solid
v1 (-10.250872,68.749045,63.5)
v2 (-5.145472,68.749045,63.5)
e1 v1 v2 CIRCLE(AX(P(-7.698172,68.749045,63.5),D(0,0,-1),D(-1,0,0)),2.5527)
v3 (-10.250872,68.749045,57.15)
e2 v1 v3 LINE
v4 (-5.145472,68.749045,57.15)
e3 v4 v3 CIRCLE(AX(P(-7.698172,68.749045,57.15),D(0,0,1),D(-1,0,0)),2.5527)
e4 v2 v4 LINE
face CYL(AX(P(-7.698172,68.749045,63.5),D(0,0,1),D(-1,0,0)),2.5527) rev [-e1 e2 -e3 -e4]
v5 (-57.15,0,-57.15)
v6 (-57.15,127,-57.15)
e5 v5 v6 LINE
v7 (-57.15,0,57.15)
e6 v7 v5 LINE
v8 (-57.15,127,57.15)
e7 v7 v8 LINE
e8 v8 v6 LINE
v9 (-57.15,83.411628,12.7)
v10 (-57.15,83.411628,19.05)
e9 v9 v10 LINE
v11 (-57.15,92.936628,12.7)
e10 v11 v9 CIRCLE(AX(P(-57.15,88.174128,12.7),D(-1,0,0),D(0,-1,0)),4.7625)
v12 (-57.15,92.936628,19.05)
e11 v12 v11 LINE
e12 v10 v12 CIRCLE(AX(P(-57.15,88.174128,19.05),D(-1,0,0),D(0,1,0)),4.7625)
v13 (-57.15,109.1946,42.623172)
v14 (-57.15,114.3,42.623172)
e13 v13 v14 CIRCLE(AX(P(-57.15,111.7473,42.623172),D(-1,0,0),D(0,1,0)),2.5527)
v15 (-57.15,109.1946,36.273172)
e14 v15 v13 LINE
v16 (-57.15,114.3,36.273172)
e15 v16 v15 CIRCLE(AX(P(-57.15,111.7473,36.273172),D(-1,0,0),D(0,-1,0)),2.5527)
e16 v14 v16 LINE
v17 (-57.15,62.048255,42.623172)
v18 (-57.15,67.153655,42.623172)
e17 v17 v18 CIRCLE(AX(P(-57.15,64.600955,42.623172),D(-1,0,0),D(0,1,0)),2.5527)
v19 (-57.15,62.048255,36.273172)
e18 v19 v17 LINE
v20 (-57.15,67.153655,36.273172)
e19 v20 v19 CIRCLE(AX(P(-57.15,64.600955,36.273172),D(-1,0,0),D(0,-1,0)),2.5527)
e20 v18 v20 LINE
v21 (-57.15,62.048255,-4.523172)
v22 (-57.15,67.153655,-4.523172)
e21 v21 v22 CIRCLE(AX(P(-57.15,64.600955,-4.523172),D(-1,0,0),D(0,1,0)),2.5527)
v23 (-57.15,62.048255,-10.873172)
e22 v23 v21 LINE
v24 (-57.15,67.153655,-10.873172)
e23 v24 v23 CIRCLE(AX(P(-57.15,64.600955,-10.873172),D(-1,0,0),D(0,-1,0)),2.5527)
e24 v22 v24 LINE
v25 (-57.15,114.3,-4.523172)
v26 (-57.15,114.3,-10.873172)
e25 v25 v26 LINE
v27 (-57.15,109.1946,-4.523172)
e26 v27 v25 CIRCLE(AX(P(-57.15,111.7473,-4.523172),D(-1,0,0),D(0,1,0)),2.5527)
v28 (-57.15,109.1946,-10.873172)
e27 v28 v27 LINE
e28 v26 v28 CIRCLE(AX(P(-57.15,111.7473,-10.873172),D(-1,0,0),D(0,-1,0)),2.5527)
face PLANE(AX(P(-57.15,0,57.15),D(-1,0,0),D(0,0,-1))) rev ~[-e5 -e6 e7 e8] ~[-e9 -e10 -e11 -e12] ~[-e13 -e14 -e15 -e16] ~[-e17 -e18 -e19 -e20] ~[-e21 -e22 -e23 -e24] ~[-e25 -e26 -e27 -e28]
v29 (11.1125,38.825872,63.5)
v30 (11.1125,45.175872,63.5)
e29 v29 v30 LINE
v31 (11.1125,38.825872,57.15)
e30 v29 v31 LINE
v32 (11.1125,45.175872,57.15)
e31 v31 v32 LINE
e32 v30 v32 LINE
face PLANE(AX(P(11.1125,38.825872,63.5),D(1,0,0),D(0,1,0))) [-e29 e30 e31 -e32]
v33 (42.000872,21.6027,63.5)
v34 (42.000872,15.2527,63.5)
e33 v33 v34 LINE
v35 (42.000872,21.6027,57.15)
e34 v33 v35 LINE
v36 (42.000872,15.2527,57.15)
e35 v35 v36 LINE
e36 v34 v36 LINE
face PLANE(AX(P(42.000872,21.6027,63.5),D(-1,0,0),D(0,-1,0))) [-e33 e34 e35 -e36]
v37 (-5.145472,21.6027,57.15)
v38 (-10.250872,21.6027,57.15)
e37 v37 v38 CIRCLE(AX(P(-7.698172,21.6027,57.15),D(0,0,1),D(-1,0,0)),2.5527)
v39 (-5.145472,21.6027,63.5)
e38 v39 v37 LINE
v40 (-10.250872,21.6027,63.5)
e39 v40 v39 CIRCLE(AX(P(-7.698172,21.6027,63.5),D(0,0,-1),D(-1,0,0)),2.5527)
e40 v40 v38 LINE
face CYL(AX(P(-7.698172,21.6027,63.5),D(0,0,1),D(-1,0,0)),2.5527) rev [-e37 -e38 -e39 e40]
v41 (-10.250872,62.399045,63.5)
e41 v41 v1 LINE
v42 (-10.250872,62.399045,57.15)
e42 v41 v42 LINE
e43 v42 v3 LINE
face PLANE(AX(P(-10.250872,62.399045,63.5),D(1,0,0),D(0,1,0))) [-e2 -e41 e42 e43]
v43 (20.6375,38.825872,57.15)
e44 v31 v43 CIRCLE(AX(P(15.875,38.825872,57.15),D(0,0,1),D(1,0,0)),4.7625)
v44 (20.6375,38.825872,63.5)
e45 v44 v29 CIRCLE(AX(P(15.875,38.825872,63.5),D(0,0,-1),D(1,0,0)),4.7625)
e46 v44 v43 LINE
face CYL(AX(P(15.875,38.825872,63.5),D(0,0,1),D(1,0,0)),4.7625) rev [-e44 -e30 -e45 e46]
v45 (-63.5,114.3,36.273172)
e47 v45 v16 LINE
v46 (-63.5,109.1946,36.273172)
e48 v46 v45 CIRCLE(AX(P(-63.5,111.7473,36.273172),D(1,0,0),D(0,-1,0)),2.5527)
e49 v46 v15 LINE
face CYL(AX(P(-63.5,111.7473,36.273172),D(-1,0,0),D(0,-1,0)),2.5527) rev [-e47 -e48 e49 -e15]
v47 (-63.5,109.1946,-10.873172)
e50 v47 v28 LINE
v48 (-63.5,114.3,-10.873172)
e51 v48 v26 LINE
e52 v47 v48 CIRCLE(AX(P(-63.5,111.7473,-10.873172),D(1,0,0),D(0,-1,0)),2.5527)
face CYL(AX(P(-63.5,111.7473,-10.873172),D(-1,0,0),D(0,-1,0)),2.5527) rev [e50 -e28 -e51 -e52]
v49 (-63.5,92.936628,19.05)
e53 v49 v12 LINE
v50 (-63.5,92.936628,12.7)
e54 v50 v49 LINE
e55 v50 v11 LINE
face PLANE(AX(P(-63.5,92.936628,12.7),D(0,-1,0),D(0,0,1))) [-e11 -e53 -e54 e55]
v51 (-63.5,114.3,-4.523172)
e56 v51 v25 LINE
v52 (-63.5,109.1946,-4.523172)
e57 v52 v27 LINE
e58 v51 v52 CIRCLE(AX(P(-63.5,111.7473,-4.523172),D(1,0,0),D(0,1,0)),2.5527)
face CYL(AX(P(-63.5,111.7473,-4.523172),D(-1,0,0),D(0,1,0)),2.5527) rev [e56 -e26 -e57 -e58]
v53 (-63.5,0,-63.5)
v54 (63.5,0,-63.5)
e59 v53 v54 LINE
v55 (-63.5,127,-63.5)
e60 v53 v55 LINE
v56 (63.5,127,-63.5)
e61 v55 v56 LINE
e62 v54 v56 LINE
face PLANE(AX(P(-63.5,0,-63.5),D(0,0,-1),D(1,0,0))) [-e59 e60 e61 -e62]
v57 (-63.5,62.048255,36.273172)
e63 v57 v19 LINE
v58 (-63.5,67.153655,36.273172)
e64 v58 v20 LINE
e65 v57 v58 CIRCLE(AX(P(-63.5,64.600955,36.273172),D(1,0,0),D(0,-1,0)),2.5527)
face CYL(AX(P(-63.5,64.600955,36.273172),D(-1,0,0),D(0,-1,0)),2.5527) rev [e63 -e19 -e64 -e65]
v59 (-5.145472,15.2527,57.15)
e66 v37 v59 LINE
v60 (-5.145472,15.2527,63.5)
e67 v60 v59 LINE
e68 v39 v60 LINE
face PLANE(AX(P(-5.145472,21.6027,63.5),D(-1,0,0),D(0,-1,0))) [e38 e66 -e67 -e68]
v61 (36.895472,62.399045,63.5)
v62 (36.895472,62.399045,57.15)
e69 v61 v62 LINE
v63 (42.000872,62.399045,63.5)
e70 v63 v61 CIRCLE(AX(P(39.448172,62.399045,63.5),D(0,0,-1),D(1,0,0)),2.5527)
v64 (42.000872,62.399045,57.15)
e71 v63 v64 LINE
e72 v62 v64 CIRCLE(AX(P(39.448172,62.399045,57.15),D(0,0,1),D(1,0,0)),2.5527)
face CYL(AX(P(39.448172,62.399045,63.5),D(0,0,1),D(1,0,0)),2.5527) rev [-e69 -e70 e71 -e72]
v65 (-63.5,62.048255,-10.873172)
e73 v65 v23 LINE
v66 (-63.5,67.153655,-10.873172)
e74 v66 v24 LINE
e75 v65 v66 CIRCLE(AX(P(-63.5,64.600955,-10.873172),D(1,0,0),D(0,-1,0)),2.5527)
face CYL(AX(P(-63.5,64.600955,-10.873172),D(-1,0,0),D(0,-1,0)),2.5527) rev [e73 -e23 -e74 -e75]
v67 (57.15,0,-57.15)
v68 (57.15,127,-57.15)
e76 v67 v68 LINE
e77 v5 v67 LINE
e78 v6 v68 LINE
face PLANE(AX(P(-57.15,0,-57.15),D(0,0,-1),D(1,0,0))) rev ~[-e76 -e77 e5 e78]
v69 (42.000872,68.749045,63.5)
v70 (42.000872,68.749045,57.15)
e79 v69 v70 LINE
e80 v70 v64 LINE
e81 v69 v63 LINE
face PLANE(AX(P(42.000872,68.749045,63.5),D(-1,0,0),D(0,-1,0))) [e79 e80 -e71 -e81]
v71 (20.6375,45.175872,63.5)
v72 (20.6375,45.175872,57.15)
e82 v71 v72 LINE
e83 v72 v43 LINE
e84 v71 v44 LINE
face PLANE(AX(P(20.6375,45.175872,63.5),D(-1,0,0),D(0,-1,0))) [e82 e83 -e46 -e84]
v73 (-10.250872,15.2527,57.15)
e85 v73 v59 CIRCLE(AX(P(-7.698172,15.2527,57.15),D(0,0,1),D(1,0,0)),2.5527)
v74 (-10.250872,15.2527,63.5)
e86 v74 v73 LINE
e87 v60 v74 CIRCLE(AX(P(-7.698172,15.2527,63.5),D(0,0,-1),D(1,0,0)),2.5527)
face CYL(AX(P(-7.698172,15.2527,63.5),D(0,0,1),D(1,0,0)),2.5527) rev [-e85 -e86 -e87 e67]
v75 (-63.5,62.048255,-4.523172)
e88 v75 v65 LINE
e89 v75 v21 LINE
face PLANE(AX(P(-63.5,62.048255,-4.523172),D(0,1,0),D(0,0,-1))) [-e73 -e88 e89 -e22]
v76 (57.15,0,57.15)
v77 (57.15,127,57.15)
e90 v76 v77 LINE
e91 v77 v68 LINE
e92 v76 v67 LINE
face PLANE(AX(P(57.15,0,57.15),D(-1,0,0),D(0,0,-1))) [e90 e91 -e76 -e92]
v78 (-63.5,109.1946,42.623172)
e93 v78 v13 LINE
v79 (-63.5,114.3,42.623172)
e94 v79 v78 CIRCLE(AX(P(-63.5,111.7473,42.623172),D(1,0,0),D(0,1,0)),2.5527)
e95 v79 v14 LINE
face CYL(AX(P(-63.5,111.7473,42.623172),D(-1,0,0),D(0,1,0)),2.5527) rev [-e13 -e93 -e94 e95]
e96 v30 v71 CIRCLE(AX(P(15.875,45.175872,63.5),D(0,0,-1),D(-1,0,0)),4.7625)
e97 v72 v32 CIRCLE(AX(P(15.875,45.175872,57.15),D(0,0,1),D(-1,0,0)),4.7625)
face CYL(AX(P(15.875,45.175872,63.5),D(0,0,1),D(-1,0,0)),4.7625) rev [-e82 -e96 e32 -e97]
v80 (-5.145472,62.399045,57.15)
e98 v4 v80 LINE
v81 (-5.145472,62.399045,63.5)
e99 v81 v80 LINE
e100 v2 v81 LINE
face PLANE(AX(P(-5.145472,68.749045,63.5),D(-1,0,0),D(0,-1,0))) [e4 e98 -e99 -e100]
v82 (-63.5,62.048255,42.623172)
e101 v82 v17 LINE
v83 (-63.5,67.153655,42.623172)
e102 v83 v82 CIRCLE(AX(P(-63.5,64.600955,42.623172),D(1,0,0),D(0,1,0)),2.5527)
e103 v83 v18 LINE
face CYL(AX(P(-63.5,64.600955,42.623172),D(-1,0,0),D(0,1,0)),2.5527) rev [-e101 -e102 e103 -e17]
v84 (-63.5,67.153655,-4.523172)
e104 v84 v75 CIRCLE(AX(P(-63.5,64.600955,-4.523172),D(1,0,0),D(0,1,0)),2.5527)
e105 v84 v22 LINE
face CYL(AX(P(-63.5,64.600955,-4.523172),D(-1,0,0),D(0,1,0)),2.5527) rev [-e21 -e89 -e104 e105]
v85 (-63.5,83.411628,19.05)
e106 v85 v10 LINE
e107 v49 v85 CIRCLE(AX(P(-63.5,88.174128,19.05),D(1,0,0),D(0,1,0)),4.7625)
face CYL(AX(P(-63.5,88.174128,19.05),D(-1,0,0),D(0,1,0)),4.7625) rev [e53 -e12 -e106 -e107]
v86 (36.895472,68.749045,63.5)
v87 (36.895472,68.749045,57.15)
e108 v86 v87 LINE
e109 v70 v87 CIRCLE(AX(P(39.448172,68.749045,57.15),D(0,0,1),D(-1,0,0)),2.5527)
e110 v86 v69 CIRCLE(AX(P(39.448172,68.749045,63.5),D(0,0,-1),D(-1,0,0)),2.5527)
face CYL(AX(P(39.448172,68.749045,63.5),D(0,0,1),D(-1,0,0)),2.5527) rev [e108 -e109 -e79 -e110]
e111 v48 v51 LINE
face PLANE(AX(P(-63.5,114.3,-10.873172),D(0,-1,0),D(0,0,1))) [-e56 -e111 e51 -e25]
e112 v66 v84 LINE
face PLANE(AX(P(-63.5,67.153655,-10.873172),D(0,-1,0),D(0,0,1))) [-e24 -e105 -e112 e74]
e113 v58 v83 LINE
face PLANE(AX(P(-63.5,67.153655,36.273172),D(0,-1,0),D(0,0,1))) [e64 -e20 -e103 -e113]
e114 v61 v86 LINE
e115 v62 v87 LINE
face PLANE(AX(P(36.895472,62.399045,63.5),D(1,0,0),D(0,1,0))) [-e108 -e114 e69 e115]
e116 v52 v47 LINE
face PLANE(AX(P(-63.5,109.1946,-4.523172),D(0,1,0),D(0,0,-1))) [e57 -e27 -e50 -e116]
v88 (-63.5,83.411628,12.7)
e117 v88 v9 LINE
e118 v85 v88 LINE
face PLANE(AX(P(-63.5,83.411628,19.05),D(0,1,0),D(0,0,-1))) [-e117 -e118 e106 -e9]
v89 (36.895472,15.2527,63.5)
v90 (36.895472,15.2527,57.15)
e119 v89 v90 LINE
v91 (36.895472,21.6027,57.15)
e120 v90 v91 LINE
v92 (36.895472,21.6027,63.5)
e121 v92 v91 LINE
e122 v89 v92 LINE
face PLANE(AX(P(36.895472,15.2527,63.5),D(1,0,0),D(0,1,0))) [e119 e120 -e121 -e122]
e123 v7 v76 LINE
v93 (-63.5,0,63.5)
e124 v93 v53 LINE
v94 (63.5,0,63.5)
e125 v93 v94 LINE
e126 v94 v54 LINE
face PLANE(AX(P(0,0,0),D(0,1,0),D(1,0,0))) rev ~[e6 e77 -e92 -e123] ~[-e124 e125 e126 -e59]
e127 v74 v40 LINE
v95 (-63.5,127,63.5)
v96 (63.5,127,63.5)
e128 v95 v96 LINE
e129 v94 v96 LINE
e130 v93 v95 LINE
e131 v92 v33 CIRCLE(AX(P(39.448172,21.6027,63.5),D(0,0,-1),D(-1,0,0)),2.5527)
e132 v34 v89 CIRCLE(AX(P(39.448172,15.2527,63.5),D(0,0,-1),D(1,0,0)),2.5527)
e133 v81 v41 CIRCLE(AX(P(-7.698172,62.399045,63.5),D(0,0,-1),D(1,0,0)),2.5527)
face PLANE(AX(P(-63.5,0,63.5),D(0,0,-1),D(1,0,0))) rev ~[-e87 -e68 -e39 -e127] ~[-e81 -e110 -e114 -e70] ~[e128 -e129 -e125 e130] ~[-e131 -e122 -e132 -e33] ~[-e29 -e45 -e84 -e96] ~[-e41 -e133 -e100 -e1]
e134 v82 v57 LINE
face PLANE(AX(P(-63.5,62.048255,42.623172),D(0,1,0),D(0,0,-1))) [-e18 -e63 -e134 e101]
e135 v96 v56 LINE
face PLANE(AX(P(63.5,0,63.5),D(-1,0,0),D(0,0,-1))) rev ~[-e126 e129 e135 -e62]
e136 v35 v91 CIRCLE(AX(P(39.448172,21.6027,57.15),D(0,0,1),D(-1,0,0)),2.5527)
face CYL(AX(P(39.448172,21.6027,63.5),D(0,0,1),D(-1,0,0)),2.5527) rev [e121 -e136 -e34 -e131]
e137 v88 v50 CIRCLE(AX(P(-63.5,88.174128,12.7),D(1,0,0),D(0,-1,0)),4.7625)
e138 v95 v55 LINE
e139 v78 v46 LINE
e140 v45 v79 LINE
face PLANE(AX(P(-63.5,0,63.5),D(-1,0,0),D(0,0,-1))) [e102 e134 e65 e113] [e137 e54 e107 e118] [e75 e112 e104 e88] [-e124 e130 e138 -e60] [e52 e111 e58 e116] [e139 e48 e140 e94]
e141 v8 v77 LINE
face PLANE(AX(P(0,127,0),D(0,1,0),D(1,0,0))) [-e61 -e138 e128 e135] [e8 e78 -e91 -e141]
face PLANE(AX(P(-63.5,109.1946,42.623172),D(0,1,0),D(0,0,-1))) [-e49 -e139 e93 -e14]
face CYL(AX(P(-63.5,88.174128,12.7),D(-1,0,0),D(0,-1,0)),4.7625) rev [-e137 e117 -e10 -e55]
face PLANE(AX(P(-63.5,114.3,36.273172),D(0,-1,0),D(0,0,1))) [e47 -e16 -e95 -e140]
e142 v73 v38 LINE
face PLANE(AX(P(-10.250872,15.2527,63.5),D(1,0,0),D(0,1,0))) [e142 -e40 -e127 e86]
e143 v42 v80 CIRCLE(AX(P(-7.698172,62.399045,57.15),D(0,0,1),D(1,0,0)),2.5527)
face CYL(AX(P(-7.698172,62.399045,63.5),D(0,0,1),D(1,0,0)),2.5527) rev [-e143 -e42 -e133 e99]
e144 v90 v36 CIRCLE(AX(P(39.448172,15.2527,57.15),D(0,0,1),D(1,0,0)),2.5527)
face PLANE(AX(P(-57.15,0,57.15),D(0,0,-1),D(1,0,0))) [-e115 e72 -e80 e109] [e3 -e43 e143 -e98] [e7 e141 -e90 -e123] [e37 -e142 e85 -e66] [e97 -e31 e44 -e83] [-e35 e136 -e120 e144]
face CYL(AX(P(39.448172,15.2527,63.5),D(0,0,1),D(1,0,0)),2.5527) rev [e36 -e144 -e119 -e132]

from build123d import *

# Parameters (mm, degrees)
SKETCH2_W           = 127
SKETCH2_H           = 127
SKETCH2_W_2         = 114.3
SKETCH2_H_2         = 114.3
BOSS_EXTRUDE2_DEPTH = 127
CUT_EXTRUDE1_REACH  = 129
CUT_EXTRUDE2_REACH  = 129


with BuildPart() as part:
    # Sketch2 → Boss-Extrude2 (new body)
    with BuildSketch(Plane(origin=(0, 0, 0), x_dir=(1, 0, 0), z_dir=(0, 1, 0))):
        Rectangle(SKETCH2_W, SKETCH2_H)
        Rectangle(SKETCH2_W_2, SKETCH2_H_2, mode=Mode.SUBTRACT)
    extrude(amount=BOSS_EXTRUDE2_DEPTH)

    # Sketch6 → Cut-Extrude1 (cut, up to next)
    with BuildSketch(Plane.ZY.offset(63.5), mode=Mode.PRIVATE) as cut_extrude1_sk1:
        with BuildLine():
            Line((-4.523172318, 109.1946), (-10.873172318, 109.1946))
            ThreePointArc((-10.873172318, 109.1946), (-13.425872318, 111.7473), (-10.873172318, 114.3))
            Line((-10.873172318, 114.3), (-4.523172318, 114.3))
            ThreePointArc((-4.523172318, 114.3), (-1.970472318, 111.7473), (-4.523172318, 109.1946))
        make_face()
    cut_extrude1_tool1 = extrude(cut_extrude1_sk1.sketch, amount=-CUT_EXTRUDE1_REACH, mode=Mode.PRIVATE) & part.part
    add(cut_extrude1_tool1.solids().sort_by_distance((-63.5, 111.7473, -7.698172))[0], mode=Mode.SUBTRACT)
    # Sketch6 → Cut-Extrude1 (cut, up to next)
    with BuildSketch(Plane.ZY.offset(63.5), mode=Mode.PRIVATE) as cut_extrude1_sk2:
        with BuildLine():
            Line((36.273172318, 114.3), (42.623172318, 114.3))
            ThreePointArc((42.623172318, 114.3), (45.175872318, 111.7473), (42.623172318, 109.1946))
            Line((42.623172318, 109.1946), (36.273172318, 109.1946))
            ThreePointArc((36.273172318, 109.1946), (33.720472318, 111.7473), (36.273172318, 114.3))
        make_face()
    cut_extrude1_tool2 = extrude(cut_extrude1_sk2.sketch, amount=-CUT_EXTRUDE1_REACH, mode=Mode.PRIVATE) & part.part
    add(cut_extrude1_tool2.solids().sort_by_distance((-63.5, 111.7473, 39.448172))[0], mode=Mode.SUBTRACT)
    # Sketch6 → Cut-Extrude1 (cut, up to next)
    with BuildSketch(Plane.ZY.offset(63.5), mode=Mode.PRIVATE) as cut_extrude1_sk3:
        with BuildLine():
            Line((36.273172318, 67.153655364), (42.623172318, 67.153655364))
            ThreePointArc((42.623172318, 67.153655364), (45.175872318, 64.600955364), (42.623172318, 62.048255364))
            Line((42.623172318, 62.048255364), (36.273172318, 62.048255364))
            ThreePointArc((36.273172318, 62.048255364), (33.720472318, 64.600955364), (36.273172318, 67.153655364))
        make_face()
    cut_extrude1_tool3 = extrude(cut_extrude1_sk3.sketch, amount=-CUT_EXTRUDE1_REACH, mode=Mode.PRIVATE) & part.part
    add(cut_extrude1_tool3.solids().sort_by_distance((-63.5, 64.600955, 39.448172))[0], mode=Mode.SUBTRACT)
    # Sketch6 → Cut-Extrude1 (cut, up to next)
    with BuildSketch(Plane.ZY.offset(63.5), mode=Mode.PRIVATE) as cut_extrude1_sk4:
        with BuildLine():
            Line((-4.523172318, 62.048255364), (-10.873172318, 62.048255364))
            ThreePointArc((-10.873172318, 62.048255364), (-13.425872318, 64.600955364), (-10.873172318, 67.153655364))
            Line((-10.873172318, 67.153655364), (-4.523172318, 67.153655364))
            ThreePointArc((-4.523172318, 67.153655364), (-1.970472318, 64.600955364), (-4.523172318, 62.048255364))
        make_face()
    cut_extrude1_tool4 = extrude(cut_extrude1_sk4.sketch, amount=-CUT_EXTRUDE1_REACH, mode=Mode.PRIVATE) & part.part
    add(cut_extrude1_tool4.solids().sort_by_distance((-63.5, 64.600955, -7.698172))[0], mode=Mode.SUBTRACT)
    # Sketch6 → Cut-Extrude1 (cut, up to next)
    with BuildSketch(Plane.ZY.offset(63.5), mode=Mode.PRIVATE) as cut_extrude1_sk5:
        with BuildLine():
            Line((19.05, 83.411627682), (12.7, 83.411627682))
            ThreePointArc((12.7, 83.411627682), (7.9375, 88.174127682), (12.7, 92.936627682))
            Line((12.7, 92.936627682), (19.05, 92.936627682))
            ThreePointArc((19.05, 92.936627682), (23.8125, 88.174127682), (19.05, 83.411627682))
        make_face()
    cut_extrude1_tool5 = extrude(cut_extrude1_sk5.sketch, amount=-CUT_EXTRUDE1_REACH, mode=Mode.PRIVATE) & part.part
    add(cut_extrude1_tool5.solids().sort_by_distance((-63.5, 88.174128, 15.875))[0], mode=Mode.SUBTRACT)

    # Sketch8 → Cut-Extrude2 (cut, up to next)
    with BuildSketch(Plane.XY.offset(63.5), mode=Mode.PRIVATE) as cut_extrude2_sk1:
        with BuildLine():
            Line((-10.250872318, 62.399044636), (-10.250872318, 68.749044636))
            ThreePointArc((-10.250872318, 68.749044636), (-7.698172318, 71.301744636), (-5.145472318, 68.749044636))
            Line((-5.145472318, 68.749044636), (-5.145472318, 62.399044636))
            ThreePointArc((-5.145472318, 62.399044636), (-7.698172318, 59.846344636), (-10.250872318, 62.399044636))
        make_face()
    cut_extrude2_tool1 = extrude(cut_extrude2_sk1.sketch, amount=-CUT_EXTRUDE2_REACH, mode=Mode.PRIVATE) & part.part
    add(cut_extrude2_tool1.solids().sort_by_distance((-7.698172, 65.574045, 63.5))[0], mode=Mode.SUBTRACT)
    # Sketch8 → Cut-Extrude2 (cut, up to next)
    with BuildSketch(Plane.XY.offset(63.5), mode=Mode.PRIVATE) as cut_extrude2_sk2:
        with BuildLine():
            Line((36.895472318, 62.399044636), (36.895472318, 68.749044636))
            ThreePointArc((36.895472318, 68.749044636), (39.448172318, 71.301744636), (42.000872318, 68.749044636))
            Line((42.000872318, 68.749044636), (42.000872318, 62.399044636))
            ThreePointArc((42.000872318, 62.399044636), (39.448172318, 59.846344636), (36.895472318, 62.399044636))
        make_face()
    cut_extrude2_tool2 = extrude(cut_extrude2_sk2.sketch, amount=-CUT_EXTRUDE2_REACH, mode=Mode.PRIVATE) & part.part
    add(cut_extrude2_tool2.solids().sort_by_distance((39.448172, 65.574045, 63.5))[0], mode=Mode.SUBTRACT)
    # Sketch8 → Cut-Extrude2 (cut, up to next)
    with BuildSketch(Plane.XY.offset(63.5), mode=Mode.PRIVATE) as cut_extrude2_sk3:
        with BuildLine():
            Line((42.000872318, 21.6027), (42.000872318, 15.2527))
            ThreePointArc((42.000872318, 15.2527), (39.448172318, 12.7), (36.895472318, 15.2527))
            Line((36.895472318, 15.2527), (36.895472318, 21.6027))
            ThreePointArc((36.895472318, 21.6027), (39.448172318, 24.1554), (42.000872318, 21.6027))
        make_face()
    cut_extrude2_tool3 = extrude(cut_extrude2_sk3.sketch, amount=-CUT_EXTRUDE2_REACH, mode=Mode.PRIVATE) & part.part
    add(cut_extrude2_tool3.solids().sort_by_distance((39.448172, 18.4277, 63.5))[0], mode=Mode.SUBTRACT)
    # Sketch8 → Cut-Extrude2 (cut, up to next)
    with BuildSketch(Plane.XY.offset(63.5), mode=Mode.PRIVATE) as cut_extrude2_sk4:
        with BuildLine():
            Line((-10.250872318, 15.2527), (-10.250872318, 21.6027))
            ThreePointArc((-10.250872318, 21.6027), (-7.698172318, 24.1554), (-5.145472318, 21.6027))
            Line((-5.145472318, 21.6027), (-5.145472318, 15.2527))
            ThreePointArc((-5.145472318, 15.2527), (-7.698172318, 12.7), (-10.250872318, 15.2527))
        make_face()
    cut_extrude2_tool4 = extrude(cut_extrude2_sk4.sketch, amount=-CUT_EXTRUDE2_REACH, mode=Mode.PRIVATE) & part.part
    add(cut_extrude2_tool4.solids().sort_by_distance((-7.698172, 18.4277, 63.5))[0], mode=Mode.SUBTRACT)
    # Sketch8 → Cut-Extrude2 (cut, up to next)
    with BuildSketch(Plane.XY.offset(63.5), mode=Mode.PRIVATE) as cut_extrude2_sk5:
        with BuildLine():
            Line((11.1125, 38.825872318), (11.1125, 45.175872318))
            ThreePointArc((11.1125, 45.175872318), (15.875, 49.938372318), (20.6375, 45.175872318))
            Line((20.6375, 45.175872318), (20.6375, 38.825872318))
            ThreePointArc((20.6375, 38.825872318), (15.875, 34.063372318), (11.1125, 38.825872318))
        make_face()
    cut_extrude2_tool5 = extrude(cut_extrude2_sk5.sketch, amount=-CUT_EXTRUDE2_REACH, mode=Mode.PRIVATE) & part.part
    add(cut_extrude2_tool5.solids().sort_by_distance((15.875, 42.000872, 63.5))[0], mode=Mode.SUBTRACT)


solid = part.part
